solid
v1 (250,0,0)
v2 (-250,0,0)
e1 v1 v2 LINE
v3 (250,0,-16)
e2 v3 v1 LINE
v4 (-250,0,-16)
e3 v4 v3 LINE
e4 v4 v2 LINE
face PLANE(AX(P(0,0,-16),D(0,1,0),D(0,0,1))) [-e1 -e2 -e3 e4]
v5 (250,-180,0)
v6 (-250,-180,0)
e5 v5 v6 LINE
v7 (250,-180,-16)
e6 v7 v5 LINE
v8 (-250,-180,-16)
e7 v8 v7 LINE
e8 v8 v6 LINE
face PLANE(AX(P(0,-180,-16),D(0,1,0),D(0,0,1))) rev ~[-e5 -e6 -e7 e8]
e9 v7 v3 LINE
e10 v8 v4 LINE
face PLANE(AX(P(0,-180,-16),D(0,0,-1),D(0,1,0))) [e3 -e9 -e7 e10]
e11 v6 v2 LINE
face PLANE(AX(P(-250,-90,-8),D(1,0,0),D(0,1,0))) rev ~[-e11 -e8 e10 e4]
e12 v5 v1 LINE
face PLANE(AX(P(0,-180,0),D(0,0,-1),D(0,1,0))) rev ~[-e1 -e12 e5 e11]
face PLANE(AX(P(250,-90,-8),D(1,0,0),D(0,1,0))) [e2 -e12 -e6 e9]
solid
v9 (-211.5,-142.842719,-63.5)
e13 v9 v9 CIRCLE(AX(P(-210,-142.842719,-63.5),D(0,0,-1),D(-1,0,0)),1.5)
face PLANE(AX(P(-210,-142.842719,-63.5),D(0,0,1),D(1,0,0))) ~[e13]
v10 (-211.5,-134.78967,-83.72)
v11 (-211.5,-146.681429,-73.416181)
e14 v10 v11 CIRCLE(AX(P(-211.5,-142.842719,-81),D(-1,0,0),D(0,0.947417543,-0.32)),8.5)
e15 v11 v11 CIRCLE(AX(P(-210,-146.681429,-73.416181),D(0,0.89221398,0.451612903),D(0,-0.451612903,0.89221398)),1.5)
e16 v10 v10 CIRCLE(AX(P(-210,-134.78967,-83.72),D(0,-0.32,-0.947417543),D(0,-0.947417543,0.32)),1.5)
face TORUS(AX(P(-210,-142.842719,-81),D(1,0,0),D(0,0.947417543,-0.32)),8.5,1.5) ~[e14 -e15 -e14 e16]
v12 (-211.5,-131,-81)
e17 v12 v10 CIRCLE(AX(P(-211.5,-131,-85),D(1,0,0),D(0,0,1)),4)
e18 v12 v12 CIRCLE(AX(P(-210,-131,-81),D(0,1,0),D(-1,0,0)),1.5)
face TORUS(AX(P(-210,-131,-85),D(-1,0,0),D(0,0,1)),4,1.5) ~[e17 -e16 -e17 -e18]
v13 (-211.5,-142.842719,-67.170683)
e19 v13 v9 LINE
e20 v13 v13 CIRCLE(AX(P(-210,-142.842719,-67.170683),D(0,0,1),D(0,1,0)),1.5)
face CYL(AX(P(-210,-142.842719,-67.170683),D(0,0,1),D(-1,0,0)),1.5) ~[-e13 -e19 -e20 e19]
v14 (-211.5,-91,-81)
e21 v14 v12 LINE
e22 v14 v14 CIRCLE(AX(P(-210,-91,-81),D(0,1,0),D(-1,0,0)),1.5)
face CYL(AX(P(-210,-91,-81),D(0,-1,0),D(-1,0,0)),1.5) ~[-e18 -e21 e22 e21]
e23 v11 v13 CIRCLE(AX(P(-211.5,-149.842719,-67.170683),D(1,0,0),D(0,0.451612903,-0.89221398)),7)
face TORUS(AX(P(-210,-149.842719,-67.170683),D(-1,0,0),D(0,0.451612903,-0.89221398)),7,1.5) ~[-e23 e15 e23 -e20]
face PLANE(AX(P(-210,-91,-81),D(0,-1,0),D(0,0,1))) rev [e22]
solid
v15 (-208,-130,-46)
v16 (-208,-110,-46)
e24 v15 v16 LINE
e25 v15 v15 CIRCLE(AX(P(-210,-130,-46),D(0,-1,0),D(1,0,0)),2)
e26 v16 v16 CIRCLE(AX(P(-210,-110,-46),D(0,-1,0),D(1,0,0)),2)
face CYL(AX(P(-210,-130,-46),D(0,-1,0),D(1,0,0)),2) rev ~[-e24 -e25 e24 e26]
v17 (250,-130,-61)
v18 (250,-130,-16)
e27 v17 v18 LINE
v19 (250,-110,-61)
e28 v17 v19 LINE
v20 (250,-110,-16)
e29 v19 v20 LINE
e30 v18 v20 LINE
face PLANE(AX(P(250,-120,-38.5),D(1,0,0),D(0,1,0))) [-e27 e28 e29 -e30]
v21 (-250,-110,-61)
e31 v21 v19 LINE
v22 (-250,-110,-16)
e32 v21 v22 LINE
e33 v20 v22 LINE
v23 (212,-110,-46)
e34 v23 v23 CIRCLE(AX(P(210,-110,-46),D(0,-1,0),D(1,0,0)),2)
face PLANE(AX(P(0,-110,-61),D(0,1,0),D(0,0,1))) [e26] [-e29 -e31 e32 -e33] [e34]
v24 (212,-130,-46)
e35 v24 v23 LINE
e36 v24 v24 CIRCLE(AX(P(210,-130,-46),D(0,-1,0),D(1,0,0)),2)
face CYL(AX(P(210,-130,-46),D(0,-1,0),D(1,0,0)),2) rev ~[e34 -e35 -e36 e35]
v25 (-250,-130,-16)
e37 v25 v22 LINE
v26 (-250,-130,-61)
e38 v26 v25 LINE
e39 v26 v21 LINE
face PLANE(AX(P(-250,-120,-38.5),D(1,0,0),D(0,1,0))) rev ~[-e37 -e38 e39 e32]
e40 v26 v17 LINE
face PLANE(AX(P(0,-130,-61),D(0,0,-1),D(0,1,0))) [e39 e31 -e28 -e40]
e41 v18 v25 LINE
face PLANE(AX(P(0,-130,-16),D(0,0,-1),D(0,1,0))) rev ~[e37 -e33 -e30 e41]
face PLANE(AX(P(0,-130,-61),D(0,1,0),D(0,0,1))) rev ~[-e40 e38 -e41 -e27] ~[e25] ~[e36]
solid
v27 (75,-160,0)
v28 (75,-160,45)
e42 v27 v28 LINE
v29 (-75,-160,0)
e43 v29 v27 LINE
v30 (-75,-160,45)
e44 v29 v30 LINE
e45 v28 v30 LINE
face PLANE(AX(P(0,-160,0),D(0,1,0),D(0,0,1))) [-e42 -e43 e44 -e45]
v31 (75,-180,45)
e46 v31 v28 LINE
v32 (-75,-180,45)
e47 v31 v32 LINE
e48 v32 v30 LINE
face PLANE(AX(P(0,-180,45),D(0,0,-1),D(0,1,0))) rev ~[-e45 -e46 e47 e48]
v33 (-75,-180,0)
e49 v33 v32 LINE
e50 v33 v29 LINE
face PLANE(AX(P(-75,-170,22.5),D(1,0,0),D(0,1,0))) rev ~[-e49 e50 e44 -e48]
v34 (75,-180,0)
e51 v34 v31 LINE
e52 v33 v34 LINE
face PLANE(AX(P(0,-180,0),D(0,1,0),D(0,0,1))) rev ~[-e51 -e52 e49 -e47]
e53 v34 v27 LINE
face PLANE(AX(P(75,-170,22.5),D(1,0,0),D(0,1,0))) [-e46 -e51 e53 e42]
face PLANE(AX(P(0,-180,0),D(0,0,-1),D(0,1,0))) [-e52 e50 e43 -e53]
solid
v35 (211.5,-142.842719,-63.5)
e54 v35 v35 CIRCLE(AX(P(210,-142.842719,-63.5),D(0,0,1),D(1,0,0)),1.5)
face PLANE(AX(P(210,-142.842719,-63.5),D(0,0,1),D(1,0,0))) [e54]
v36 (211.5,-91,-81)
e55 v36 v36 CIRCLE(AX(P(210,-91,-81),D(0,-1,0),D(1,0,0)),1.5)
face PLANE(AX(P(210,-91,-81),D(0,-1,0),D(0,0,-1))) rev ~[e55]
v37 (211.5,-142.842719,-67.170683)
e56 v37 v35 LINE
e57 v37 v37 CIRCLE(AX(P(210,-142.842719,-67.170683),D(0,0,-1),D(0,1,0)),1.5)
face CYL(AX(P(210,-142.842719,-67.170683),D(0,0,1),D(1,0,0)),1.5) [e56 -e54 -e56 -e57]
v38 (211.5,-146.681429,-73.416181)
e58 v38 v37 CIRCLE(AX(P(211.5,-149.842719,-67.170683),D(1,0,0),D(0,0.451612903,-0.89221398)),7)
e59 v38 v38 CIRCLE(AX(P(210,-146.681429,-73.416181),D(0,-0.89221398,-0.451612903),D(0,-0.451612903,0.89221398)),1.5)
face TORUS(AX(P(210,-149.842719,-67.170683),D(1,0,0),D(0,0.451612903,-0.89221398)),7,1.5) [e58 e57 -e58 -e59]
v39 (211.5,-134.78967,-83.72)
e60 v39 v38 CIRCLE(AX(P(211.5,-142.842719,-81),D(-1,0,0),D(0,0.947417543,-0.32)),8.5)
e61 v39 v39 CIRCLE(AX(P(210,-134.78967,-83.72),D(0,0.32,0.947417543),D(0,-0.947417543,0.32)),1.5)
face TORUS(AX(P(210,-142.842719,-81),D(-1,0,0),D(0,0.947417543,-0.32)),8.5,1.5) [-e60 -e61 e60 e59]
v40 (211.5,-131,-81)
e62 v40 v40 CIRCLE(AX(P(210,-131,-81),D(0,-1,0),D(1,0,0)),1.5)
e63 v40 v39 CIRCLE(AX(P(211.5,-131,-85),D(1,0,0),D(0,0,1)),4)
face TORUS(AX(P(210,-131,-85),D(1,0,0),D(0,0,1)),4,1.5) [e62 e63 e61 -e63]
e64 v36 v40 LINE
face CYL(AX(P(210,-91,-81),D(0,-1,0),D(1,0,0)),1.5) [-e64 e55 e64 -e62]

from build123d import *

# Parameters (mm, degrees)
F0_W          = 180
F0_H          = 16
F1_DEPTH      = 250
F2_W          = 20
F2_H          = 45
F3_DEPTH      = 250
F3_DEPTH_BACK = 250
F5_R          = 2
F6_DEPTH      = 20
F9_R          = 1.5
F12_W         = 20
F12_H         = 45
F13_DEPTH     = 75


with BuildPart() as f1:
    # F0 (on Right) → F1 (new body, symmetric)
    with BuildSketch(Plane.YZ):
        with Locations((-90, -8)):
            Rectangle(F0_W, F0_H)
    extrude(amount=F1_DEPTH, both=True)


with BuildPart() as f3:
    # F2 (on Right) → F3 (new body, two sides)
    with BuildSketch(Plane.YZ) as f3_sk:
        with Locations((-120, -38.5)):
            Rectangle(F2_W, F2_H)
    extrude(amount=F3_DEPTH)
    extrude(f3_sk.sketch, amount=-F3_DEPTH_BACK)

    # F5 (on face) → F6 (cut, through all)
    with BuildSketch(Plane.XZ.offset(130)):
        with Locations((210, -46)):
            Circle(F5_R)
        with Locations((-210, -46)):
            Circle(F5_R)
    extrude(amount=-F6_DEPTH, mode=Mode.SUBTRACT)


with BuildPart() as f10:
    # F10: sweep along a path in F7
    with BuildLine(Plane.YZ.offset(210)) as f10_path:
        Line((-91, -81), (-131, -81))
        ThreePointArc((-131, -81), (-133.3323807579, -81.7503846381), (-134.7896701703, -83.72))
        ThreePointArc((-134.7896701703, -83.72), (-148.4088970397, -87.423991374), (-146.6814289597, -73.4161811722))
        ThreePointArc((-146.6814289597, -73.4161811722), (-143.8791200227, -70.8361278807), (-142.8427192823, -67.1706833141))
        Line((-142.8427192823, -67.1706833141), (-142.8427192823, -63.5))
    # F9 (on line) → F10 (sweep)
    with BuildSketch(Plane.XY.offset(-63.5)):
        with Locations((210, -142.8427192823)):
            Circle(F9_R)
    sweep(path=f10_path.line)


with BuildPart() as f11_1:
    # F11: instance of F10
    add(f10.part.mirror(Plane.YZ))


with BuildPart() as f13:
    # F12 (on Right) → F13 (new body, symmetric)
    with BuildSketch(Plane.YZ):
        with Locations((-170, 22.5)):
            Rectangle(F12_W, F12_H)
    extrude(amount=F13_DEPTH, both=True)


solid = Compound([f1.part, f3.part, f10.part, f11_1.part, f13.part])
